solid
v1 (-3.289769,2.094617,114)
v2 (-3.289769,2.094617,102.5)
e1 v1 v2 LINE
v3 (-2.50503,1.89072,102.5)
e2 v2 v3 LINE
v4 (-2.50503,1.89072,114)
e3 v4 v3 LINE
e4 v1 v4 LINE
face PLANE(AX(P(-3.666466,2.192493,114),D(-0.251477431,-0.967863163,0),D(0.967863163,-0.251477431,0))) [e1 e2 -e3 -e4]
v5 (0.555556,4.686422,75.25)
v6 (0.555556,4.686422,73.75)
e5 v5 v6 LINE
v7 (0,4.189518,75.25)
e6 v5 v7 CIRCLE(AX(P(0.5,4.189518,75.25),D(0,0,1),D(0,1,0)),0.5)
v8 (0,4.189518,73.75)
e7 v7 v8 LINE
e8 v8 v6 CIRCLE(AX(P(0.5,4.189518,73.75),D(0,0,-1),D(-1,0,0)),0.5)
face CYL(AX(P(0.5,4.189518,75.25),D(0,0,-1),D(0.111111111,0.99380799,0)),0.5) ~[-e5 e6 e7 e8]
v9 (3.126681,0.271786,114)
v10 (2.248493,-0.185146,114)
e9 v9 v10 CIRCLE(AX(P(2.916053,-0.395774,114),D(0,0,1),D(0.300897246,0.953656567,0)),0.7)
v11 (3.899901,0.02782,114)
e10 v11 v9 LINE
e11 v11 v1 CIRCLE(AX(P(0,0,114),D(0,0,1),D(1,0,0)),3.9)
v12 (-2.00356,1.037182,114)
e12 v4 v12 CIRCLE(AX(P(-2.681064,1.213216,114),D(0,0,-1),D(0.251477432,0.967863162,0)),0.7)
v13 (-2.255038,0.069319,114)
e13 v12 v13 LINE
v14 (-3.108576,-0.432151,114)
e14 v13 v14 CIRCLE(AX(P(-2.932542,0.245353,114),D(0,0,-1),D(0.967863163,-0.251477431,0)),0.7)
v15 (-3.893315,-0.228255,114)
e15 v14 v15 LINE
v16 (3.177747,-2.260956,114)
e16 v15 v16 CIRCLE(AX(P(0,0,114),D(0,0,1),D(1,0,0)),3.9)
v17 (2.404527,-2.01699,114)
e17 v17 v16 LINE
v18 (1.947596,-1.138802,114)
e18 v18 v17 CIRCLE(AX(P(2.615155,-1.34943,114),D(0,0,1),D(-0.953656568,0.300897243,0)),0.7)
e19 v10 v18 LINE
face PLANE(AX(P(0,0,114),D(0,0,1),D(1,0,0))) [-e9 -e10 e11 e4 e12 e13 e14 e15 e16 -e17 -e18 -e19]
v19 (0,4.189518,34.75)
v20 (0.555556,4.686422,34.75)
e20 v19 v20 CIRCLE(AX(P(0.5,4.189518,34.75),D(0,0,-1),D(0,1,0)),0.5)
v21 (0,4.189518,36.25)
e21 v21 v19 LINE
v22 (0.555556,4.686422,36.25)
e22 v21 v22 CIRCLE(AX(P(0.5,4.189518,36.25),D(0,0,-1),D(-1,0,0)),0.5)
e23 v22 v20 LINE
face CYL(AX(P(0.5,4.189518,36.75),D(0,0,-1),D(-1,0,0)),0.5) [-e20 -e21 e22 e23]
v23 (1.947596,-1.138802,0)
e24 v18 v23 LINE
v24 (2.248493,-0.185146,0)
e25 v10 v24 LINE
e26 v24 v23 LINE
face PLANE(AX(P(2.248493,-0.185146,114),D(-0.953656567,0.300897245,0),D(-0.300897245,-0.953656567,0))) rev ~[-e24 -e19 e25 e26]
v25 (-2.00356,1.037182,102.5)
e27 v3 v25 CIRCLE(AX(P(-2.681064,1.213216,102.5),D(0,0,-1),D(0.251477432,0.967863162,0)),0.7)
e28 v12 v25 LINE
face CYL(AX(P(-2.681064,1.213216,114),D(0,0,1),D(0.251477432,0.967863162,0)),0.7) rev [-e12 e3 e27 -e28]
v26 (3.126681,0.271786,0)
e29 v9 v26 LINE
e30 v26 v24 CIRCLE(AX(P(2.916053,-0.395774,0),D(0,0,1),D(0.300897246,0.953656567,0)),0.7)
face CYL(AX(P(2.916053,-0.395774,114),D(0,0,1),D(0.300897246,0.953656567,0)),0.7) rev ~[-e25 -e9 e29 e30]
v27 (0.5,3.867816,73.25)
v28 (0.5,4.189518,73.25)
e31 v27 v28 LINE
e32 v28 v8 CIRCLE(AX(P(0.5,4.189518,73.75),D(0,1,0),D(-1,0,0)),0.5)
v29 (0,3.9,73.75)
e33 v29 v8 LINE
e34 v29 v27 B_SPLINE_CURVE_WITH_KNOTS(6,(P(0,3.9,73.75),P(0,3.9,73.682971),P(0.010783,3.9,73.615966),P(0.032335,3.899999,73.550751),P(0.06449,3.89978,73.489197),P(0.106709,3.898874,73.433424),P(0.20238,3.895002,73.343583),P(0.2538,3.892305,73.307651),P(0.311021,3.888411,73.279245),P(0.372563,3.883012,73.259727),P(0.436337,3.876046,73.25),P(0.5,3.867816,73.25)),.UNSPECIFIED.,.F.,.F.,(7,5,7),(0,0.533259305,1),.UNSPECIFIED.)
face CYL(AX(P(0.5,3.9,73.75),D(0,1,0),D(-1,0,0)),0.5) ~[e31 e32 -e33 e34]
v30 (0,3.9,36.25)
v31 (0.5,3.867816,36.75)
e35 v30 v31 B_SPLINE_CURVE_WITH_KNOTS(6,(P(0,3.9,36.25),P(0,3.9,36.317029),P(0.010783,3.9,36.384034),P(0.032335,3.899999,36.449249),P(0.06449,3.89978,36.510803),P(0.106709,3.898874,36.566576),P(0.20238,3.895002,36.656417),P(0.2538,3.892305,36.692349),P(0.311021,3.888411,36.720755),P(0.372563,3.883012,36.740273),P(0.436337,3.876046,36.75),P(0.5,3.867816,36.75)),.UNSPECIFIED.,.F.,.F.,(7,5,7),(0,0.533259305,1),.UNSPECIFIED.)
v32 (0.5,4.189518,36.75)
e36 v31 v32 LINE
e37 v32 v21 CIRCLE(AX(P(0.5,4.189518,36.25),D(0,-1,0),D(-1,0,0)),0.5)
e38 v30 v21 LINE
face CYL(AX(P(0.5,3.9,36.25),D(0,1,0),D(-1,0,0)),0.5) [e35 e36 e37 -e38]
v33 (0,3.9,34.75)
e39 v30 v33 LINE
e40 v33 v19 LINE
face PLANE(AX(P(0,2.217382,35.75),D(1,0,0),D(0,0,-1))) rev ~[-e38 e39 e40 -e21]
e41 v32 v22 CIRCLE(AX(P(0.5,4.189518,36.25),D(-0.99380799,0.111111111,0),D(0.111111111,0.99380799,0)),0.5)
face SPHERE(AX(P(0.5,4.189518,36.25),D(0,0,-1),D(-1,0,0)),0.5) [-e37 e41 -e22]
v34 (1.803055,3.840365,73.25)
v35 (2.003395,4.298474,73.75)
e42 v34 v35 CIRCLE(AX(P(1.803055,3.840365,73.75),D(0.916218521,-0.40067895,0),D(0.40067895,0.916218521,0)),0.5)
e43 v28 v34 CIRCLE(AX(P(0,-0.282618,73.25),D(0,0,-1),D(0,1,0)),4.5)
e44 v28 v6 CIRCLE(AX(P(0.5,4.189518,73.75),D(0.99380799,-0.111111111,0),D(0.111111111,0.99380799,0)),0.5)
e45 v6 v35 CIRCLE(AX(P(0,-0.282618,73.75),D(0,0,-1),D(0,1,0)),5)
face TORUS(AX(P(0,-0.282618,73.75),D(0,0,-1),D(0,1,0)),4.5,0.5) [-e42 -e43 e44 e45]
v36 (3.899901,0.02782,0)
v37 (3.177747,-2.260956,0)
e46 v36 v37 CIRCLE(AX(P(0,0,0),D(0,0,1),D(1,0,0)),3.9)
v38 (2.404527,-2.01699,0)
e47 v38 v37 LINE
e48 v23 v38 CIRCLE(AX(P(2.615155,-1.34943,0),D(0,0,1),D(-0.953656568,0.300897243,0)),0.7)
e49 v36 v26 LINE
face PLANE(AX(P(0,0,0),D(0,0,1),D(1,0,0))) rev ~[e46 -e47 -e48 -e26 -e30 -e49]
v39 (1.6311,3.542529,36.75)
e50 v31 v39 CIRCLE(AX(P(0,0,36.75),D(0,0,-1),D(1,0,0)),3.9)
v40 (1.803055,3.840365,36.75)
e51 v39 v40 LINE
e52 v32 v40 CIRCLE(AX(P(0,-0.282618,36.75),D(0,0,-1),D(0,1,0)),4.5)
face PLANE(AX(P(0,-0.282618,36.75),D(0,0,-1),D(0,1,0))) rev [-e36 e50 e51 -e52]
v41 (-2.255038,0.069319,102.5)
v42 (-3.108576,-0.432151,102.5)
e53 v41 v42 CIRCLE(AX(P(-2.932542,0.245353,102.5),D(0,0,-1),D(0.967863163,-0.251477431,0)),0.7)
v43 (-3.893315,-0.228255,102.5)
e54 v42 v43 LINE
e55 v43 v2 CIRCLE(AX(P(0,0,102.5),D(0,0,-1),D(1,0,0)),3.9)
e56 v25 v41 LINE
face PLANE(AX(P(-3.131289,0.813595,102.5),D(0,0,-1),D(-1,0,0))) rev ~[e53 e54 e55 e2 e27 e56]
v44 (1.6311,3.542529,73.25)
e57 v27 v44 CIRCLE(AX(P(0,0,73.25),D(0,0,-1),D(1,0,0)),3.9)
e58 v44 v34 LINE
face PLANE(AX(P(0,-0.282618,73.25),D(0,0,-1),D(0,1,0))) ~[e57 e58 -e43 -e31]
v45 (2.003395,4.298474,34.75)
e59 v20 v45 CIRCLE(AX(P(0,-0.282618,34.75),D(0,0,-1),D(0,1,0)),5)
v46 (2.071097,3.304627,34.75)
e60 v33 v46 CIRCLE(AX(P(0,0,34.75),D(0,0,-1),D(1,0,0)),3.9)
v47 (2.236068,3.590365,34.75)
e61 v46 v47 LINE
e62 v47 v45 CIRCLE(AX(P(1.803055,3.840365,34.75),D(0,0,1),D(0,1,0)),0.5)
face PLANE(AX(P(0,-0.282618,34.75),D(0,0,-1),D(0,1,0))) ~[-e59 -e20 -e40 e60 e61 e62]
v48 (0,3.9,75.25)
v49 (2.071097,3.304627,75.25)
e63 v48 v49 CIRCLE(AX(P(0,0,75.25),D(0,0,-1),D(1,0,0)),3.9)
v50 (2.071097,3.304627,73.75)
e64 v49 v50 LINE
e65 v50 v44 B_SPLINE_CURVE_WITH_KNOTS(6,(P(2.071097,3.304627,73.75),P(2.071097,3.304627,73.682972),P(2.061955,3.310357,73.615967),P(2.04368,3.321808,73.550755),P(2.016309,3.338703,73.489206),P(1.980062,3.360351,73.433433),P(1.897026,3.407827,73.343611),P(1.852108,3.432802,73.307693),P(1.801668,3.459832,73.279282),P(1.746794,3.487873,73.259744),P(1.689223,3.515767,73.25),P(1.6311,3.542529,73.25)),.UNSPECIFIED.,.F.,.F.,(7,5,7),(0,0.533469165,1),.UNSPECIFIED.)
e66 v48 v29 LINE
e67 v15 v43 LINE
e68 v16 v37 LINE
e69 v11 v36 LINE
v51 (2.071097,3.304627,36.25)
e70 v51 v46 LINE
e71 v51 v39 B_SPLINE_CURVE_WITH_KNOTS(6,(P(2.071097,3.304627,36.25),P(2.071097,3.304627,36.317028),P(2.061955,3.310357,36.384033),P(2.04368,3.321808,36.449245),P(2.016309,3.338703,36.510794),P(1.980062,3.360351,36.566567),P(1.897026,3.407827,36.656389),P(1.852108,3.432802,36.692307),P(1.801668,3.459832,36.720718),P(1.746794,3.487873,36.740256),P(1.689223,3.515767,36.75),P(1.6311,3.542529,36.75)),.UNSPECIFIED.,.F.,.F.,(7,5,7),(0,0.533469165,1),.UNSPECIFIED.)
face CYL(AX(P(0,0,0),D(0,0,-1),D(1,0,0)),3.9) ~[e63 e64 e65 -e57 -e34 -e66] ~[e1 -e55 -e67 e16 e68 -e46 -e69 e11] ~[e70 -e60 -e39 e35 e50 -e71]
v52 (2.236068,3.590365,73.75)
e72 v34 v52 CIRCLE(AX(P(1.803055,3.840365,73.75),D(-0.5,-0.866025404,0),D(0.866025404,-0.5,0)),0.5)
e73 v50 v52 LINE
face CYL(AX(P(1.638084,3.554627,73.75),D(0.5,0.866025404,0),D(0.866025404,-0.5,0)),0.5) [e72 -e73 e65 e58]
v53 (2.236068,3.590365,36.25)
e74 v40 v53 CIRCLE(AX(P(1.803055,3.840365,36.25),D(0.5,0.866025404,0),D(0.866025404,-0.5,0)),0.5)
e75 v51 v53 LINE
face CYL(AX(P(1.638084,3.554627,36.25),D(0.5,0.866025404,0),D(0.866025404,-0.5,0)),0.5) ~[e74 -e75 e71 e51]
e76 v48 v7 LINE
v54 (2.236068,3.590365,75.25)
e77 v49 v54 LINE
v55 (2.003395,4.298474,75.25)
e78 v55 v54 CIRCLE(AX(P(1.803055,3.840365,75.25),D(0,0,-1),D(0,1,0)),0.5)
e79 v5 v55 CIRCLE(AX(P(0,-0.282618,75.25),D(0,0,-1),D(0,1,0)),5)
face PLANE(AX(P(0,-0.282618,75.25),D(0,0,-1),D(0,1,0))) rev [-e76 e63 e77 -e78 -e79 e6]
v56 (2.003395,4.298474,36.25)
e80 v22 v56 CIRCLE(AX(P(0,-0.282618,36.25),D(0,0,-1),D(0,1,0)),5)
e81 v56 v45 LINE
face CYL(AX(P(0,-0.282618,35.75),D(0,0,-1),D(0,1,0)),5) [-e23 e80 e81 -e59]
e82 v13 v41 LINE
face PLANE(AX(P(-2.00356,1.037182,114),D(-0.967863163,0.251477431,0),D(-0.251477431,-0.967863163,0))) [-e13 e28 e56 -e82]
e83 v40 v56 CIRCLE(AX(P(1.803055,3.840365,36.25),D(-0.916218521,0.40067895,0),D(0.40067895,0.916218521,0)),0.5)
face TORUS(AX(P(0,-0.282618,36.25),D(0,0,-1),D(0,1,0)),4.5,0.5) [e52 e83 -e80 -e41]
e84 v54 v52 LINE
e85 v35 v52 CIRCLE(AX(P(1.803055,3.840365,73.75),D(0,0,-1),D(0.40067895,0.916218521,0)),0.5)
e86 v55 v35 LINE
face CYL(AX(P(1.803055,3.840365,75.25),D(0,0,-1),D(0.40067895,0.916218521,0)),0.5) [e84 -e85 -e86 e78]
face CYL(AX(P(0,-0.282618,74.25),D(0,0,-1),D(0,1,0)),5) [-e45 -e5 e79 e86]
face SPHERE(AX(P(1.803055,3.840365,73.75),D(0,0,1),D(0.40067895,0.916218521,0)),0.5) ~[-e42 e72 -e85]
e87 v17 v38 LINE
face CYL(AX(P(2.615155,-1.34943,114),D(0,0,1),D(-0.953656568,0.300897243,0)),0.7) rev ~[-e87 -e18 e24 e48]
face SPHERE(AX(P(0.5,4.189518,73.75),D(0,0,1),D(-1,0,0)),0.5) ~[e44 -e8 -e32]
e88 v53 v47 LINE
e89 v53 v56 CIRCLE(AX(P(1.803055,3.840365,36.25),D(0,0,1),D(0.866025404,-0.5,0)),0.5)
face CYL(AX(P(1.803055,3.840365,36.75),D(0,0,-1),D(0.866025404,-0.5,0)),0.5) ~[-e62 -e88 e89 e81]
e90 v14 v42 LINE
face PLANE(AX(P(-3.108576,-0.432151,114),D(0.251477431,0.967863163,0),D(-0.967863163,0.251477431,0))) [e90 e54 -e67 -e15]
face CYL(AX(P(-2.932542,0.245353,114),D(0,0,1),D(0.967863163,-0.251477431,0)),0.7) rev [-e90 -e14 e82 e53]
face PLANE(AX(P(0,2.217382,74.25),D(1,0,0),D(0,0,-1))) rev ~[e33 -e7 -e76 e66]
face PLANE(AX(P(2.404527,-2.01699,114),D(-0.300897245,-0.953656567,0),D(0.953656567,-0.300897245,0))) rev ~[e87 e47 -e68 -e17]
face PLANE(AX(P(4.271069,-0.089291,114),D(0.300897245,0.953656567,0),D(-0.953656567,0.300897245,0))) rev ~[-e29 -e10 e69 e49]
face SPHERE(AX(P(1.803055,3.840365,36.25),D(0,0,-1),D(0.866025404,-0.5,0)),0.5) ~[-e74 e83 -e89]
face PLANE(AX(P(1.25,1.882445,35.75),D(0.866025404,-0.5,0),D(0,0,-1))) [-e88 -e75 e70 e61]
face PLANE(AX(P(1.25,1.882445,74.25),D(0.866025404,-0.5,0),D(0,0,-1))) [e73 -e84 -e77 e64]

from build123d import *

# Parameters (mm, degrees)
SZKIC1_R                    = 3.9
DODANIE_WYCI_GNI_CIE1_DEPTH = 114
SZKIC4_W                    = 2
SZKIC4_H                    = 5
OBR_T1_ANGLE                = 30
ZAOKR_GLENIE5_R             = 0.5
WYTNIJ_WYCI_GNI_CIE1_DEPTH  = 114
WYTNIJ_WYCI_GNI_CIE2_DEPTH  = 11.5


with BuildPart() as part:
    # Szkic1 → Dodanie-wyci_gni_cie1 (new body)
    with BuildSketch(Plane.XY):
        Circle(SZKIC1_R)
    extrude(amount=DODANIE_WYCI_GNI_CIE1_DEPTH)

    # Szkic4 → Obr_t1 (revolve)
    with BuildSketch(Plane(origin=(0, 0, 0), x_dir=(0, 0, -1), z_dir=(1, 0, 0))):
        with Locations((-74.25, 2.217381868)):
            Rectangle(SZKIC4_W, SZKIC4_H)
        with Locations((-35.75, 2.217381868)):
            Rectangle(SZKIC4_W, SZKIC4_H)
    revolve(axis=Axis((0, -0.282618132, 75.25), (0, 0, -1)), revolution_arc=OBR_T1_ANGLE)

    # Zaokr_glenie5
    zaokr_glenie5_edges = [part.edges().sort_by_distance(p)[0] for p in [
        (2.5, 4.047508887, 35.75),
        (0, 4.308690934, 36.75),
        (2.285548402, 3.676067824, 36.75),
        (1.294095226, 4.547010999, 36.75),
        (0, 4.717381868, 35.75),
        (2.285548402, 3.676067824, 73.25),
        (0, 4.717381868, 74.25),
        (0, 4.308690934, 73.25),
        (2.5, 4.047508887, 74.25),
        (1.294095226, 4.547010999, 73.25),
    ]]
    fillet(zaokr_glenie5_edges, radius=ZAOKR_GLENIE5_R)

    # Szkic5 → Wytnij-wyci_gni_cie1 (cut)
    with BuildSketch(Plane.XY.offset(114)):
        with BuildLine():
            Line((2.24849307, -0.185145655), (1.947595825, -1.138802222))
            ThreePointArc((1.947595825, -1.138802222), (1.994182967, -1.672529674), (2.404527351, -2.016989891))
            Line((2.404527351, -2.016989891), (3.548915231, -2.378066585))
            Line((3.548915231, -2.378066585), (3.909991925, -1.233678704))
            Line((3.909991925, -1.233678704), (4.271068619, -0.089290824))
            Line((4.271068619, -0.089290824), (3.126680739, 0.27178587))
            ThreePointArc((3.126680739, 0.27178587), (2.592953287, 0.225198729), (2.24849307, -0.185145655))
        make_face()
    extrude(amount=-WYTNIJ_WYCI_GNI_CIE1_DEPTH, mode=Mode.SUBTRACT)

    # Szkic5_3 → Wytnij-wyci_gni_cie2 (cut)
    with BuildSketch(Plane.XY.offset(114)):
        with BuildLine():
            Line((-3.66646605, 2.192493262), (-2.505030255, 1.890720345))
            ThreePointArc((-2.505030255, 1.890720345), (-2.077521655, 1.567808977), (-2.003560242, 1.03718193))
            Line((-2.003560242, 1.03718193), (-2.255037673, 0.069318767))
            ThreePointArc((-2.255037673, 0.069318767), (-2.577949041, -0.358189833), (-3.108576089, -0.432151245))
            Line((-3.108576089, -0.432151245), (-4.270011884, -0.130378328))
            Line((-4.270011884, -0.130378328), (-3.968238967, 1.031057467))
            Line((-3.968238967, 1.031057467), (-3.66646605, 2.192493262))
        make_face()
    extrude(amount=-WYTNIJ_WYCI_GNI_CIE2_DEPTH, mode=Mode.SUBTRACT)


solid = part.part
